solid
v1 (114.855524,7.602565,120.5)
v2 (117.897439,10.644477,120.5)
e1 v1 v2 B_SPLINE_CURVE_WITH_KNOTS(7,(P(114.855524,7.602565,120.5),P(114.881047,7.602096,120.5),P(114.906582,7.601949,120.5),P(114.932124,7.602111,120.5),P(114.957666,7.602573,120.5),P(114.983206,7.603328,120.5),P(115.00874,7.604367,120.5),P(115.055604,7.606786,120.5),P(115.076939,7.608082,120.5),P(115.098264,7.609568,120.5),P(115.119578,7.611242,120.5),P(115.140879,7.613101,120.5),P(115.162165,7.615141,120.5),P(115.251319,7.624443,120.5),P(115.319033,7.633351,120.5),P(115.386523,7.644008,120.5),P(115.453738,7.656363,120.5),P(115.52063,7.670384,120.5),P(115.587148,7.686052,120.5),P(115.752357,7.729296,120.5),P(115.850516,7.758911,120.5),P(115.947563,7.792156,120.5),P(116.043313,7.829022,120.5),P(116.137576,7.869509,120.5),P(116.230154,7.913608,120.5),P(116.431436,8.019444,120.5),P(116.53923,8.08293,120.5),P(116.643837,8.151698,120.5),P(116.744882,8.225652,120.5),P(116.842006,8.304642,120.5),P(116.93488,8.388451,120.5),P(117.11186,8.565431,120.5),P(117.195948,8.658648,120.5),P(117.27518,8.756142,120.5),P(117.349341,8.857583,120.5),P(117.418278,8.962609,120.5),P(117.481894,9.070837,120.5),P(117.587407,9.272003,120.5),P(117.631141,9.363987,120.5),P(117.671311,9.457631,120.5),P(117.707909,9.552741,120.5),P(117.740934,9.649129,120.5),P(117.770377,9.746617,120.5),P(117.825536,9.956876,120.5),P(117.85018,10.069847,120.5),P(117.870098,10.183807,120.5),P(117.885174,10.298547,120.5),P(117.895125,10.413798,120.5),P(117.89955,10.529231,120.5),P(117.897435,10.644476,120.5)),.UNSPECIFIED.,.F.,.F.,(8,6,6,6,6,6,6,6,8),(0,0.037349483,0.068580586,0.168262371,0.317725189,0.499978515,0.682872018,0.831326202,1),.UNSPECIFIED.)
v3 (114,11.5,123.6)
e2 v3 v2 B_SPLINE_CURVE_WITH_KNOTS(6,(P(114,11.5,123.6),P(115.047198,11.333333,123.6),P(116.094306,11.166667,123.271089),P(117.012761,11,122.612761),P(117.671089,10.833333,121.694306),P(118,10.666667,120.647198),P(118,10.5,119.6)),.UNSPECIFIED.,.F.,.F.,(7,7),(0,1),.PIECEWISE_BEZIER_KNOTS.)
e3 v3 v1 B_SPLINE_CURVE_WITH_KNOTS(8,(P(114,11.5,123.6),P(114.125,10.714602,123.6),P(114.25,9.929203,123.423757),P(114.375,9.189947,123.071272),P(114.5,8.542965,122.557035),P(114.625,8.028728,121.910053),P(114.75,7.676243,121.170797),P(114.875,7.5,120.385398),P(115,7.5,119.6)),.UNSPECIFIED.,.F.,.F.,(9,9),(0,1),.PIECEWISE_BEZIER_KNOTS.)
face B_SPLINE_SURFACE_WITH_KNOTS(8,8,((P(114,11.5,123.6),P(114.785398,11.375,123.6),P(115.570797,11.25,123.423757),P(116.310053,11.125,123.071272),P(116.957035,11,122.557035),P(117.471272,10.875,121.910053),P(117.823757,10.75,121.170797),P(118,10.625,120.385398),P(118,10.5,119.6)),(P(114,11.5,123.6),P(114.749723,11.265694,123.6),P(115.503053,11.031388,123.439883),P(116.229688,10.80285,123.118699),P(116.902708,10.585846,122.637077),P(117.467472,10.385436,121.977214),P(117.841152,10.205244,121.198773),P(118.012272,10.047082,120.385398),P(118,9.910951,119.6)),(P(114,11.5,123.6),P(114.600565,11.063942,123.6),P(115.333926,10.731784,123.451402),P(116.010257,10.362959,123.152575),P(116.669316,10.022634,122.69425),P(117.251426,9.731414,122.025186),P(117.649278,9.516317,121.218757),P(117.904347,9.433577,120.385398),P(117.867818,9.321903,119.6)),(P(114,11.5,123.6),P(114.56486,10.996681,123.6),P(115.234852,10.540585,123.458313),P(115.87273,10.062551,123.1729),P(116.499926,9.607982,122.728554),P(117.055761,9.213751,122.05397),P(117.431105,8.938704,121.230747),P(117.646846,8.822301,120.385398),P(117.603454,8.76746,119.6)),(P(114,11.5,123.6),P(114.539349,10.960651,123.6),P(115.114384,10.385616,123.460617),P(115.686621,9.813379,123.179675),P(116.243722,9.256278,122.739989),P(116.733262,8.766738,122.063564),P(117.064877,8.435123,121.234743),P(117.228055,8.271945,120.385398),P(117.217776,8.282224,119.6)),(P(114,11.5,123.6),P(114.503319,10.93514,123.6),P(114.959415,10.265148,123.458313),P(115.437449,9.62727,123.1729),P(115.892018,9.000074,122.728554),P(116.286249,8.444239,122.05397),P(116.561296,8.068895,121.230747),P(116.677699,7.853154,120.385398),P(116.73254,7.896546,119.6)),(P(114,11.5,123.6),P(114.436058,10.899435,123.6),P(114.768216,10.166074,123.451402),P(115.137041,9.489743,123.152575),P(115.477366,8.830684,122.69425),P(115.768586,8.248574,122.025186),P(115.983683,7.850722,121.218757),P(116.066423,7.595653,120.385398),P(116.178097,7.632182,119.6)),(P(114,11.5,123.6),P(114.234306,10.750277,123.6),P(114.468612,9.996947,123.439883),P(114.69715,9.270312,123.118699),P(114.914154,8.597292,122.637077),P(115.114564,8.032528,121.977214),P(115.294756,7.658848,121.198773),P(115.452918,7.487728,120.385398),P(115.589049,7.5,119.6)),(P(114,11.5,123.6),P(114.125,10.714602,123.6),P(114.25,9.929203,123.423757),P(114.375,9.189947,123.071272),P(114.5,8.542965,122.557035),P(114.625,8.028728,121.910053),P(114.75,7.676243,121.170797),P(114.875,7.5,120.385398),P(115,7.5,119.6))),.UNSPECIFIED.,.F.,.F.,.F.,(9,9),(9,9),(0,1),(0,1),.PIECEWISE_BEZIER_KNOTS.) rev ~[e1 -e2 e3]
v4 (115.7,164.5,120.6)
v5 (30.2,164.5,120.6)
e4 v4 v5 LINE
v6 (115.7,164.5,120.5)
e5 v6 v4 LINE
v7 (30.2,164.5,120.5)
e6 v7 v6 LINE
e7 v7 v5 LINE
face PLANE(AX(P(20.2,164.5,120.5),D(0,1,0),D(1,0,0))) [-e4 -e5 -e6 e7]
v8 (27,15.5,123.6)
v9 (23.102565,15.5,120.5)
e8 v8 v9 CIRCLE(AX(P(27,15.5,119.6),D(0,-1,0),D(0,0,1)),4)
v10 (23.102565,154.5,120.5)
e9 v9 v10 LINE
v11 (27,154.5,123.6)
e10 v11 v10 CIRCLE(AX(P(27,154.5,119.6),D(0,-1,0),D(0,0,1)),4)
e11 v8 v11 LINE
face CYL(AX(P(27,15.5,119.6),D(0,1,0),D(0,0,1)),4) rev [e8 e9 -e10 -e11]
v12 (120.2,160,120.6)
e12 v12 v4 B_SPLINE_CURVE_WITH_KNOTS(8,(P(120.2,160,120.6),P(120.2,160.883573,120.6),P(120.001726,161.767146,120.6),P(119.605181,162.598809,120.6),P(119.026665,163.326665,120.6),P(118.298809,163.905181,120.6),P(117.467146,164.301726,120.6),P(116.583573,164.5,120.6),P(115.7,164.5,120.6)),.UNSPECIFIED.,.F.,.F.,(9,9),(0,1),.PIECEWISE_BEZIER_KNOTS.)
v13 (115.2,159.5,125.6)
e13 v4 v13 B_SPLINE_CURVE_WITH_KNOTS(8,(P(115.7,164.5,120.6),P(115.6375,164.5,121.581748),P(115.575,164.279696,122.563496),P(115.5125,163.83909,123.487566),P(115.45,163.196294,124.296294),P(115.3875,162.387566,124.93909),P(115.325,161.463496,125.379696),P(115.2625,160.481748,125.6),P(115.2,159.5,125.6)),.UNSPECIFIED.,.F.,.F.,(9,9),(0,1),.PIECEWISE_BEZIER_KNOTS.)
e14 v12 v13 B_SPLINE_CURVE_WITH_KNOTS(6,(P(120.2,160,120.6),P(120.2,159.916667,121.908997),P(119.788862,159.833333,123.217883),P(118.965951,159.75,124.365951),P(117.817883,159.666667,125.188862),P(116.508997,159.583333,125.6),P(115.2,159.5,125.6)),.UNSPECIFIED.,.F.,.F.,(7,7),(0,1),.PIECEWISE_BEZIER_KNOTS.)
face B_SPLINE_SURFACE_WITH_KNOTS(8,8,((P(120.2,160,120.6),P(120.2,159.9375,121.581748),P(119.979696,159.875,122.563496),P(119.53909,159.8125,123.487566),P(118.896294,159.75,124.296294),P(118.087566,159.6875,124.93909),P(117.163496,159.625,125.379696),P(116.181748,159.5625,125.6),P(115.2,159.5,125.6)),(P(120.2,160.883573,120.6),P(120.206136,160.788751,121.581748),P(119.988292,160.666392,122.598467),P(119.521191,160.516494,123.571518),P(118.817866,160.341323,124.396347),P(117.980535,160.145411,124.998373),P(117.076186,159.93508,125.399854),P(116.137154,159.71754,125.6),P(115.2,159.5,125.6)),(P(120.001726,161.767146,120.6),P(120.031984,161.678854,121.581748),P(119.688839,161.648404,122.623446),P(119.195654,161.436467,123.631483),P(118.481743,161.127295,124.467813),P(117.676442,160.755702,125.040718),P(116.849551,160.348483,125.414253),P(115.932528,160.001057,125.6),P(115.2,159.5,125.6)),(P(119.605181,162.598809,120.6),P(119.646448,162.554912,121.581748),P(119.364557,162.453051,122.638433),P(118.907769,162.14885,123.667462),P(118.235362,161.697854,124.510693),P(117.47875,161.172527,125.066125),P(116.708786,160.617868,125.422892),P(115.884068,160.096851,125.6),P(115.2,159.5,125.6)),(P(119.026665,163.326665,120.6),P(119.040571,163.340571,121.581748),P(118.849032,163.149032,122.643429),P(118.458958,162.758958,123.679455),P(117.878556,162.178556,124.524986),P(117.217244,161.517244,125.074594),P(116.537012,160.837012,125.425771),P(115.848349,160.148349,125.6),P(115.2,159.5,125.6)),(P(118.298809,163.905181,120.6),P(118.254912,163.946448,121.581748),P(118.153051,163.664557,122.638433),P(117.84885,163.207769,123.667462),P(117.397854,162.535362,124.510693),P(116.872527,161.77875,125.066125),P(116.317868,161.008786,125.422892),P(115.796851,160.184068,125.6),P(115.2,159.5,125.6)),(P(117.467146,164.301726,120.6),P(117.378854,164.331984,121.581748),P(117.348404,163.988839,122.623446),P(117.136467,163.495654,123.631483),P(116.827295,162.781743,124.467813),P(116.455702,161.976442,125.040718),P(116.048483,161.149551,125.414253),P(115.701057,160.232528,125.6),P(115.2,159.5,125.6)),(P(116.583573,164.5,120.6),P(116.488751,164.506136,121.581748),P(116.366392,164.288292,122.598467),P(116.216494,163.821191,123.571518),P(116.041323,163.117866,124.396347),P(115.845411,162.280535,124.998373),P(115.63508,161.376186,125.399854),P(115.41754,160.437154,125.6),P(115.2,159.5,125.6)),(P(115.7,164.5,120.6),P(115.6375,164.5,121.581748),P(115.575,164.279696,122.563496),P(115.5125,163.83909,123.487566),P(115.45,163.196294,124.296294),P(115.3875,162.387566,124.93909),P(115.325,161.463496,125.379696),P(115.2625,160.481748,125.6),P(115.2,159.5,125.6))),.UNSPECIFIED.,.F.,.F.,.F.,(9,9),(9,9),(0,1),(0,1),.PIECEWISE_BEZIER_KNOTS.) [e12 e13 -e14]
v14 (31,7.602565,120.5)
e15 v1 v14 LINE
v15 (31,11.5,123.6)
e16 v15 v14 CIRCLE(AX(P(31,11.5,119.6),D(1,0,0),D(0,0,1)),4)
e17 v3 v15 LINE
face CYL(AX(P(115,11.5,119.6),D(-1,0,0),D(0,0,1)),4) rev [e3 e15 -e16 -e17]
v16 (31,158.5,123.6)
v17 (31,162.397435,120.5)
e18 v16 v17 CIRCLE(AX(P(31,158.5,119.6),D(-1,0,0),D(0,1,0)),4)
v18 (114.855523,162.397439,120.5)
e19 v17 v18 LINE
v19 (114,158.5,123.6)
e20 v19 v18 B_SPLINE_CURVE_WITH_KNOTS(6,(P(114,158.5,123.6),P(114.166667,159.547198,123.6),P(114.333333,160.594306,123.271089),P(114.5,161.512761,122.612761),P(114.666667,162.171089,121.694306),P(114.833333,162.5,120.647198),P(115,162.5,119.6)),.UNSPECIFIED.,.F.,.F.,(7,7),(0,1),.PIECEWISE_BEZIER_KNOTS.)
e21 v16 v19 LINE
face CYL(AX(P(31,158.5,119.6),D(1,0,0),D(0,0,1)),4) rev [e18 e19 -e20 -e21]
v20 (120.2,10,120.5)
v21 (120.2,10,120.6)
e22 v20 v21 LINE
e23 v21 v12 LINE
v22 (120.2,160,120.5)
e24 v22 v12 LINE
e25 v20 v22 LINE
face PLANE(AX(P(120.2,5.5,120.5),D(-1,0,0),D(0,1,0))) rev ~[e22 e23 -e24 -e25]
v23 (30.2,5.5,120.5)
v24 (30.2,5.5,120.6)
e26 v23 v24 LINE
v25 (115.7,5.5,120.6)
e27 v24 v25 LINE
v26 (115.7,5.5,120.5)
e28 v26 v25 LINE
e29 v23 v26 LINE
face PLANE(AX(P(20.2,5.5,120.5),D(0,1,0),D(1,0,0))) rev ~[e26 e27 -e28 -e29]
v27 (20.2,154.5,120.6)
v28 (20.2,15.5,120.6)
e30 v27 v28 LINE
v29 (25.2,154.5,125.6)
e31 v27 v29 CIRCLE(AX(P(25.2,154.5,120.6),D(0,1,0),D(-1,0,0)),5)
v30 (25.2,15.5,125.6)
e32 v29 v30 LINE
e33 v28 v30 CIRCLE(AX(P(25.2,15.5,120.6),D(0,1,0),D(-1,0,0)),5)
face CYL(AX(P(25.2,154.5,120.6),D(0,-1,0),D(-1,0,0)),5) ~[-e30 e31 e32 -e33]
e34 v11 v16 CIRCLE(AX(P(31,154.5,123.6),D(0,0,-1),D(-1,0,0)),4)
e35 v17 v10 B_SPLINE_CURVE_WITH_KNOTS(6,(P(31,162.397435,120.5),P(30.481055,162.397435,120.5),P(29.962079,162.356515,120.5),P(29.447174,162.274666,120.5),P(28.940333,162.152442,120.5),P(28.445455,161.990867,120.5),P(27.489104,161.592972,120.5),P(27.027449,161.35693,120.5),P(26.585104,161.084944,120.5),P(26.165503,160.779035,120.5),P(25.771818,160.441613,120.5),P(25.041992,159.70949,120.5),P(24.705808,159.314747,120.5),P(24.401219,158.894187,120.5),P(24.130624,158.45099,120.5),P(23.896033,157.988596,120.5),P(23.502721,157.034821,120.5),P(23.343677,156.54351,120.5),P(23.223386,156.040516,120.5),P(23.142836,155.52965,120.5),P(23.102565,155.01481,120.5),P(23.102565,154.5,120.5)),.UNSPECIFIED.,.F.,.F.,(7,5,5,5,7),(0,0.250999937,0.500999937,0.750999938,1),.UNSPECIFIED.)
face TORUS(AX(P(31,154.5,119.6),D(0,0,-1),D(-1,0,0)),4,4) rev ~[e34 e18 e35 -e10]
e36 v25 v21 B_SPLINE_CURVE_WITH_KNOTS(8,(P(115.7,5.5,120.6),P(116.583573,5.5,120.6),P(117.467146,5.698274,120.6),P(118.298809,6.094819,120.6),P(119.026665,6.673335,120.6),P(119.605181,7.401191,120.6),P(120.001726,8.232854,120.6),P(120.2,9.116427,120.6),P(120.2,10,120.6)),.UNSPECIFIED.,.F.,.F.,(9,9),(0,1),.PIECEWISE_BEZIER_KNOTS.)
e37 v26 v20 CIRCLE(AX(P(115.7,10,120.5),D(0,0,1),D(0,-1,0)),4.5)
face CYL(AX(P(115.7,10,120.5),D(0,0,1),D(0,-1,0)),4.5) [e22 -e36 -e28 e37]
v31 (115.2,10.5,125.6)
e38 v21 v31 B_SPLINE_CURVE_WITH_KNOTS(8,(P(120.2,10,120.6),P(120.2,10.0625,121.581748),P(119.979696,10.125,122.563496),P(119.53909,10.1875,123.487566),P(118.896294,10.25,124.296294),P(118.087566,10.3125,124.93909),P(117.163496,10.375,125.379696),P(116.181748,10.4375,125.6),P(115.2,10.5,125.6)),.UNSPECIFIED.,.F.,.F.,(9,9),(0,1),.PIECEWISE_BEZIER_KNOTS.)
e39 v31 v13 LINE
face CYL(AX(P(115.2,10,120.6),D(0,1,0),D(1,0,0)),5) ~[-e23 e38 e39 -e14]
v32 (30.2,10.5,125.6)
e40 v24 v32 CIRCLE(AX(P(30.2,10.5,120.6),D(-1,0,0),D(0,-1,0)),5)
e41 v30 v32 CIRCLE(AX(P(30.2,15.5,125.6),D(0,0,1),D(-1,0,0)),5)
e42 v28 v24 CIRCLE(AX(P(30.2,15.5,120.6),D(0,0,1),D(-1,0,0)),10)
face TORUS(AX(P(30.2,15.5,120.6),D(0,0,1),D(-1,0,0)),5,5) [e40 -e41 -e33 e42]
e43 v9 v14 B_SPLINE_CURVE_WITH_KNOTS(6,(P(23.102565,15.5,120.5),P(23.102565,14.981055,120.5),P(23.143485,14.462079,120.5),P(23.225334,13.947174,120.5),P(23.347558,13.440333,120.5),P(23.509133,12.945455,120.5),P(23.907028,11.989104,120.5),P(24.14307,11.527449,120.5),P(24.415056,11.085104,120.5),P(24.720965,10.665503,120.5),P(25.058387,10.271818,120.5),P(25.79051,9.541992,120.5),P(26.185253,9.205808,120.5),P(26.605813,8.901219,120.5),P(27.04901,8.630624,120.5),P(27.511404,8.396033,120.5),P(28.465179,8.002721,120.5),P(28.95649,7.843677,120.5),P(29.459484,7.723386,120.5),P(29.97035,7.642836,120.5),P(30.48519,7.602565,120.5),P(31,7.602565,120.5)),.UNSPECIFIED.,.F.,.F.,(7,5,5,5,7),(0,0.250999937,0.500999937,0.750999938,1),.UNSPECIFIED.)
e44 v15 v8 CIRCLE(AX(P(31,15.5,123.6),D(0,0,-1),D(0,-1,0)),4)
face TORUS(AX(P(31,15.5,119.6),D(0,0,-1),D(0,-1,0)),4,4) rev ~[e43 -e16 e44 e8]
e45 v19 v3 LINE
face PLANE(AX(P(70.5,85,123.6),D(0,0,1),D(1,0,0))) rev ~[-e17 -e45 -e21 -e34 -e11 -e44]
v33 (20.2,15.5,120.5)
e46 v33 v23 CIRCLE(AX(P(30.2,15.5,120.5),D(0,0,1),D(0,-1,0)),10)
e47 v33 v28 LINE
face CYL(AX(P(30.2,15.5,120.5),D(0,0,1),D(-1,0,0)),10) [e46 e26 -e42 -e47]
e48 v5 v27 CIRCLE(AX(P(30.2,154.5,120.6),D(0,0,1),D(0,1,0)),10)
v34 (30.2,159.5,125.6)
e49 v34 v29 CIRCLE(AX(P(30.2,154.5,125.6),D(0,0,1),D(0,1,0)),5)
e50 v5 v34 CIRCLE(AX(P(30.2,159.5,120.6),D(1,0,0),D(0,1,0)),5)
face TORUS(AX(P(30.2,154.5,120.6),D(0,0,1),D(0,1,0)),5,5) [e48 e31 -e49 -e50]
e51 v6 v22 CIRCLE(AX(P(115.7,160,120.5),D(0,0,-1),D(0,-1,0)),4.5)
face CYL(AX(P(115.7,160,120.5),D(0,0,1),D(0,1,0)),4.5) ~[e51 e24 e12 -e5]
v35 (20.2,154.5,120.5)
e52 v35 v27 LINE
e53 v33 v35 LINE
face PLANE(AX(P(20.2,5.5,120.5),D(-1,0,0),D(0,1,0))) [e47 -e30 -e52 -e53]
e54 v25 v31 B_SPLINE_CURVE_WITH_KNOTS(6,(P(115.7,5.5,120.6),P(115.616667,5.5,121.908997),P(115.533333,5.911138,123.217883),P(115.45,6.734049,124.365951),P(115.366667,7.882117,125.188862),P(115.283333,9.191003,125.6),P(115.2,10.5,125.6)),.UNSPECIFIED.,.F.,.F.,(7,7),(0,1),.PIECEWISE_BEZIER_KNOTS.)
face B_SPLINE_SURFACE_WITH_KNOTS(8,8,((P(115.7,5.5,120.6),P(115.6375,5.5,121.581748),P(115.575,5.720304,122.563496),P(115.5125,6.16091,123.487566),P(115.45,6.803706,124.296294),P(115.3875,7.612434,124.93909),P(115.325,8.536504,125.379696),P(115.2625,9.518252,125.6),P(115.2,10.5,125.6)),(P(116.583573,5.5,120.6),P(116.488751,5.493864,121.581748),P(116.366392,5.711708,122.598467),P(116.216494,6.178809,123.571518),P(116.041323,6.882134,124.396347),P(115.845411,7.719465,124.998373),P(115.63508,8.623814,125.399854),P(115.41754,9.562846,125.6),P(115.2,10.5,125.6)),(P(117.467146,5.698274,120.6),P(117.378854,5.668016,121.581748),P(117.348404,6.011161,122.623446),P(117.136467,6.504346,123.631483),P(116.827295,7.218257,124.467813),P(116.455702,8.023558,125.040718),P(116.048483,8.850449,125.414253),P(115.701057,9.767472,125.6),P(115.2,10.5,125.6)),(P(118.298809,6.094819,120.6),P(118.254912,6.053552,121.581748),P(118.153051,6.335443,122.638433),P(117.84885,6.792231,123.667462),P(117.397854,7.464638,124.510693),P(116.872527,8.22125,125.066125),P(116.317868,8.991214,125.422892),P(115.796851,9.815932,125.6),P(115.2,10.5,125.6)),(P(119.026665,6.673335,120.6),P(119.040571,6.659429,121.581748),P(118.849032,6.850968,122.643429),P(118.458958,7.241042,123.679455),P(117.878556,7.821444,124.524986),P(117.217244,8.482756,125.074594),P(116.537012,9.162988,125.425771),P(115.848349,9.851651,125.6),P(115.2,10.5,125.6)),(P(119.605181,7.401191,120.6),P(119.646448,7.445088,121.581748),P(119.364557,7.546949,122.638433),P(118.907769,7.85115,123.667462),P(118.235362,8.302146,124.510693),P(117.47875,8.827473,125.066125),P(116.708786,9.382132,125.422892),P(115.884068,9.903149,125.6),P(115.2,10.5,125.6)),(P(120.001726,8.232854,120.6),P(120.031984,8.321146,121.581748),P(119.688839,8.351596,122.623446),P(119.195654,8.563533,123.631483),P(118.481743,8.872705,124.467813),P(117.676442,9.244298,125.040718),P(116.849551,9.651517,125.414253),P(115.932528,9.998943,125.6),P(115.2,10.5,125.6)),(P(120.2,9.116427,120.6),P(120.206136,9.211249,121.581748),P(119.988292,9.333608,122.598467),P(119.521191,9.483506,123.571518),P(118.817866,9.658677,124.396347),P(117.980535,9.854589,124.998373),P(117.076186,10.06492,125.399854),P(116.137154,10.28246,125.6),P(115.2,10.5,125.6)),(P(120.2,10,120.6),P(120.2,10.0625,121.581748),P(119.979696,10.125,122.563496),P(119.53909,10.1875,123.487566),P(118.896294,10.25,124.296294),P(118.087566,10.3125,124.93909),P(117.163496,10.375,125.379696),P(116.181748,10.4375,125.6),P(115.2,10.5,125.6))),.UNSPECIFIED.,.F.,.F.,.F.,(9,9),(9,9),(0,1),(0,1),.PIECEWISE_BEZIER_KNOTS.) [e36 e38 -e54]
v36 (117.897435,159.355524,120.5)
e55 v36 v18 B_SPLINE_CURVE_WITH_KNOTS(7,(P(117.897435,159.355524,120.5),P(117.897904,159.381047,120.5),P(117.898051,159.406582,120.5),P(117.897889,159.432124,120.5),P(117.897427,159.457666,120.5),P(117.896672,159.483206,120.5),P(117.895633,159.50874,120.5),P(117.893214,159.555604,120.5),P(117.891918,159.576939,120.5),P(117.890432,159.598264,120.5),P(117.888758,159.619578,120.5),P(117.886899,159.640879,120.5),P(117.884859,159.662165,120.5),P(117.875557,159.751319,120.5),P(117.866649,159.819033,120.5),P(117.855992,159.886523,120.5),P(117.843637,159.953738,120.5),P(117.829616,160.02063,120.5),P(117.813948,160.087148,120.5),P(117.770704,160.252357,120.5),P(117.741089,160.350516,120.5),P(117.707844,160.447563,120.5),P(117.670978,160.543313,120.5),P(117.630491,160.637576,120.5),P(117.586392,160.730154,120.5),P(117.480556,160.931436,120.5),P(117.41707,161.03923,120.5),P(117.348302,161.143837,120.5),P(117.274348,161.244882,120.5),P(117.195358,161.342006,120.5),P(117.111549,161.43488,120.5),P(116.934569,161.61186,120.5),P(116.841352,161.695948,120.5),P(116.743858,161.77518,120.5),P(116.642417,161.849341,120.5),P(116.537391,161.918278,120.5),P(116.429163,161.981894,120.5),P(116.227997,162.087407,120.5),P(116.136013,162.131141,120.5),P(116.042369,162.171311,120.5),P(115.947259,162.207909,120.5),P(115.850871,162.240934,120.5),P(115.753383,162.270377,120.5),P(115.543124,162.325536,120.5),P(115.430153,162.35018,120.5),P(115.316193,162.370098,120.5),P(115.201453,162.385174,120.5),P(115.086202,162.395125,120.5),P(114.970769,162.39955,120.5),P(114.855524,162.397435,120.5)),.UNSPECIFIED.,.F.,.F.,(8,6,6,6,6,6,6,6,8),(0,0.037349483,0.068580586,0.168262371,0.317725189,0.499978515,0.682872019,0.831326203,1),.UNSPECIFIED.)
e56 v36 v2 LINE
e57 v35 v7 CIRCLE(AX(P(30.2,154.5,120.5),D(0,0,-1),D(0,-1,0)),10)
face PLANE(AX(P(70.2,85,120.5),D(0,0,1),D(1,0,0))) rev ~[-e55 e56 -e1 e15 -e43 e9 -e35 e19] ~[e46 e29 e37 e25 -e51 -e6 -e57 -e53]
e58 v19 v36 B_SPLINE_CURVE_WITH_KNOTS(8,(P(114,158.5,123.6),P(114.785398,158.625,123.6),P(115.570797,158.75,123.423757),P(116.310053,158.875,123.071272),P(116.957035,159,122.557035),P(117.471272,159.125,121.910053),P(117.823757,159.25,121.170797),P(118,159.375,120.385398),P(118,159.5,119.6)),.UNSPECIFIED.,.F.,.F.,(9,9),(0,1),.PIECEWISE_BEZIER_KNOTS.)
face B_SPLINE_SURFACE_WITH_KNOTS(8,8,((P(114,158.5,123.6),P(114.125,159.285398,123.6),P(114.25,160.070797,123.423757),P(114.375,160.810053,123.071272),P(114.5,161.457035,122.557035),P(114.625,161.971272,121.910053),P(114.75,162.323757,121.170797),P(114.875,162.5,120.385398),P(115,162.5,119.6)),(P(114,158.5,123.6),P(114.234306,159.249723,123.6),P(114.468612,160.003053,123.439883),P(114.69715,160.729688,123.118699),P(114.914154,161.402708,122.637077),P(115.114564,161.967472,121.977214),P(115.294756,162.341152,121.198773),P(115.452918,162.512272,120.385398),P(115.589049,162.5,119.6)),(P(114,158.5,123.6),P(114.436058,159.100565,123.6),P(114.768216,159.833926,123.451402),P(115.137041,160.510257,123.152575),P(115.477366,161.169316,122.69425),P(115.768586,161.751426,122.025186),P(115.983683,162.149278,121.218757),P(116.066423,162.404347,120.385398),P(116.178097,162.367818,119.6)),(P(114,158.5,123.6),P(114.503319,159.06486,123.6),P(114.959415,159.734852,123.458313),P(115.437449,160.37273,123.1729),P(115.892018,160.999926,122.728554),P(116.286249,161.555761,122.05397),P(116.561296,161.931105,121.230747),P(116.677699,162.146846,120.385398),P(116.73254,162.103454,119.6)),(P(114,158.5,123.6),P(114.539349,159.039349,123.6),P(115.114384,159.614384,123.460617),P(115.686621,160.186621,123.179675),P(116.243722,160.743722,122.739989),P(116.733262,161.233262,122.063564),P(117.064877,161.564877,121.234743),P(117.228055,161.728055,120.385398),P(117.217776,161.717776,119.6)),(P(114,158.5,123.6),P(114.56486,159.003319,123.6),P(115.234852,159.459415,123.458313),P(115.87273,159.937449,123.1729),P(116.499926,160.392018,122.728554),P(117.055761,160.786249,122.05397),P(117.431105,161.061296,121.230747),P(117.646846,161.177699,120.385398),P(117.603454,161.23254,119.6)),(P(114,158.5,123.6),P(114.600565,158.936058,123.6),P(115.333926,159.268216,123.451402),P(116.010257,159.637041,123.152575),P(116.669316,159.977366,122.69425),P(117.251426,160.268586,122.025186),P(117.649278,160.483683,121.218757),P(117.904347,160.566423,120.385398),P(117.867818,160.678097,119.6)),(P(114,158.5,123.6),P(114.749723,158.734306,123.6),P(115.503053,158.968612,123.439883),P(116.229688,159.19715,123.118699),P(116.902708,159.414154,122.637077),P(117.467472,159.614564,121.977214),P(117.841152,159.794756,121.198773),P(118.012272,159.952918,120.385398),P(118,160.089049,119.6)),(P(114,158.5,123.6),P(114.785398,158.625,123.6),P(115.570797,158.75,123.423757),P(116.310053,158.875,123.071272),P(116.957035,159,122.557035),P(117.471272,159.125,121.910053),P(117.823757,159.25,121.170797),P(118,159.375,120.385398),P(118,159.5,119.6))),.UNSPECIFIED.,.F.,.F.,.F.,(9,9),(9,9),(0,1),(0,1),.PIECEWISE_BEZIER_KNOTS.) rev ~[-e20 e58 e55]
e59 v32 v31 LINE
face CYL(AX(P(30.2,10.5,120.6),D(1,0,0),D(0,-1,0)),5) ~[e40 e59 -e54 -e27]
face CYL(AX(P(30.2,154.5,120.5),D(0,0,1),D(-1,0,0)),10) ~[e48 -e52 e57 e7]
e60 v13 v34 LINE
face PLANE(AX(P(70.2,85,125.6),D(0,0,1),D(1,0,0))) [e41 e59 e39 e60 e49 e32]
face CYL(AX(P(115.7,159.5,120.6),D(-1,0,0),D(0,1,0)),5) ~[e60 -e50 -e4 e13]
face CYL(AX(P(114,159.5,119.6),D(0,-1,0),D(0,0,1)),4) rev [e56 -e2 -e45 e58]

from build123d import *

# Parameters (mm, degrees)
BOX020_W     = 95
BOX020_H     = 155
BOX020_DEPTH = 5.1
FILLET016_R  = 3
FILLET017_R  = 8
FILLET018_R  = 4
BOX019_W     = 100
BOX019_H     = 159
BOX019_DEPTH = 5.1
FILLET012_R  = 10
FILLET013_R  = 4.5
FILLET014_R  = 5


with BuildPart() as fillet018:
    # Box020 → Box020 (new body)
    with BuildSketch(Plane(origin=(23, 7.5, 122.5), x_dir=(1, 0, 0), z_dir=(0, 0, 1))):
        with Locations((47.5, 77.5)):
            Rectangle(BOX020_W, BOX020_H)
    extrude(amount=BOX020_DEPTH)

    # Fillet016
    fillet016_edges = [fillet018.edges().sort_by_distance(p)[0] for p in [
        (118, 7.5, 125.05),
        (118, 162.5, 125.05),
    ]]
    fillet(fillet016_edges, radius=FILLET016_R)

    # Fillet017
    fillet017_edges = [fillet018.edges().sort_by_distance(p)[0] for p in [
        (23, 162.5, 125.05),
        (23, 7.5, 125.05),
    ]]
    fillet(fillet017_edges, radius=FILLET017_R)

    # Fillet018
    fillet018_edges = [fillet018.edges().sort_by_distance(p)[0] for p in [
        (23, 85, 127.6),
    ]]
    fillet(fillet018_edges, radius=FILLET018_R)


with BuildPart() as fillet018_1:
    # Fillet018 placement: moved
    add(fillet018.part.moved(Location((0, 0, -4))))


with BuildPart() as cut354:
    # Box019 → Box019 (new body)
    with BuildSketch(Plane(origin=(19.5, 5.5, 122.5), x_dir=(1, 0, 0), z_dir=(0, 0, 1))):
        with Locations((50, 79.5)):
            Rectangle(BOX019_W, BOX019_H)
    extrude(amount=BOX019_DEPTH)

    # Fillet012
    fillet012_edges = [cut354.edges().sort_by_distance(p)[0] for p in [
        (19.5, 5.5, 125.05),
        (19.5, 164.5, 125.05),
    ]]
    fillet(fillet012_edges, radius=FILLET012_R)

    # Fillet013
    fillet013_edges = [cut354.edges().sort_by_distance(p)[0] for p in [
        (119.5, 5.5, 125.05),
        (119.5, 164.5, 125.05),
    ]]
    fillet(fillet013_edges, radius=FILLET013_R)

    # Fillet014
    fillet014_edges = [cut354.edges().sort_by_distance(p)[0] for p in [
        (72.25, 5.5, 127.6),
        (119.5, 85, 127.6),
        (19.5, 85, 127.6),
        (72.25, 164.5, 127.6),
    ]]
    fillet(fillet014_edges, radius=FILLET014_R)


with BuildPart() as cut354_1:
    # Fillet014 placement: moved
    add(cut354.part.moved(Location((0.7, 0, -2))))

    # Cut014: cut Fillet018
    add(fillet018_1.part, mode=Mode.SUBTRACT)


solid = cut354_1.part
